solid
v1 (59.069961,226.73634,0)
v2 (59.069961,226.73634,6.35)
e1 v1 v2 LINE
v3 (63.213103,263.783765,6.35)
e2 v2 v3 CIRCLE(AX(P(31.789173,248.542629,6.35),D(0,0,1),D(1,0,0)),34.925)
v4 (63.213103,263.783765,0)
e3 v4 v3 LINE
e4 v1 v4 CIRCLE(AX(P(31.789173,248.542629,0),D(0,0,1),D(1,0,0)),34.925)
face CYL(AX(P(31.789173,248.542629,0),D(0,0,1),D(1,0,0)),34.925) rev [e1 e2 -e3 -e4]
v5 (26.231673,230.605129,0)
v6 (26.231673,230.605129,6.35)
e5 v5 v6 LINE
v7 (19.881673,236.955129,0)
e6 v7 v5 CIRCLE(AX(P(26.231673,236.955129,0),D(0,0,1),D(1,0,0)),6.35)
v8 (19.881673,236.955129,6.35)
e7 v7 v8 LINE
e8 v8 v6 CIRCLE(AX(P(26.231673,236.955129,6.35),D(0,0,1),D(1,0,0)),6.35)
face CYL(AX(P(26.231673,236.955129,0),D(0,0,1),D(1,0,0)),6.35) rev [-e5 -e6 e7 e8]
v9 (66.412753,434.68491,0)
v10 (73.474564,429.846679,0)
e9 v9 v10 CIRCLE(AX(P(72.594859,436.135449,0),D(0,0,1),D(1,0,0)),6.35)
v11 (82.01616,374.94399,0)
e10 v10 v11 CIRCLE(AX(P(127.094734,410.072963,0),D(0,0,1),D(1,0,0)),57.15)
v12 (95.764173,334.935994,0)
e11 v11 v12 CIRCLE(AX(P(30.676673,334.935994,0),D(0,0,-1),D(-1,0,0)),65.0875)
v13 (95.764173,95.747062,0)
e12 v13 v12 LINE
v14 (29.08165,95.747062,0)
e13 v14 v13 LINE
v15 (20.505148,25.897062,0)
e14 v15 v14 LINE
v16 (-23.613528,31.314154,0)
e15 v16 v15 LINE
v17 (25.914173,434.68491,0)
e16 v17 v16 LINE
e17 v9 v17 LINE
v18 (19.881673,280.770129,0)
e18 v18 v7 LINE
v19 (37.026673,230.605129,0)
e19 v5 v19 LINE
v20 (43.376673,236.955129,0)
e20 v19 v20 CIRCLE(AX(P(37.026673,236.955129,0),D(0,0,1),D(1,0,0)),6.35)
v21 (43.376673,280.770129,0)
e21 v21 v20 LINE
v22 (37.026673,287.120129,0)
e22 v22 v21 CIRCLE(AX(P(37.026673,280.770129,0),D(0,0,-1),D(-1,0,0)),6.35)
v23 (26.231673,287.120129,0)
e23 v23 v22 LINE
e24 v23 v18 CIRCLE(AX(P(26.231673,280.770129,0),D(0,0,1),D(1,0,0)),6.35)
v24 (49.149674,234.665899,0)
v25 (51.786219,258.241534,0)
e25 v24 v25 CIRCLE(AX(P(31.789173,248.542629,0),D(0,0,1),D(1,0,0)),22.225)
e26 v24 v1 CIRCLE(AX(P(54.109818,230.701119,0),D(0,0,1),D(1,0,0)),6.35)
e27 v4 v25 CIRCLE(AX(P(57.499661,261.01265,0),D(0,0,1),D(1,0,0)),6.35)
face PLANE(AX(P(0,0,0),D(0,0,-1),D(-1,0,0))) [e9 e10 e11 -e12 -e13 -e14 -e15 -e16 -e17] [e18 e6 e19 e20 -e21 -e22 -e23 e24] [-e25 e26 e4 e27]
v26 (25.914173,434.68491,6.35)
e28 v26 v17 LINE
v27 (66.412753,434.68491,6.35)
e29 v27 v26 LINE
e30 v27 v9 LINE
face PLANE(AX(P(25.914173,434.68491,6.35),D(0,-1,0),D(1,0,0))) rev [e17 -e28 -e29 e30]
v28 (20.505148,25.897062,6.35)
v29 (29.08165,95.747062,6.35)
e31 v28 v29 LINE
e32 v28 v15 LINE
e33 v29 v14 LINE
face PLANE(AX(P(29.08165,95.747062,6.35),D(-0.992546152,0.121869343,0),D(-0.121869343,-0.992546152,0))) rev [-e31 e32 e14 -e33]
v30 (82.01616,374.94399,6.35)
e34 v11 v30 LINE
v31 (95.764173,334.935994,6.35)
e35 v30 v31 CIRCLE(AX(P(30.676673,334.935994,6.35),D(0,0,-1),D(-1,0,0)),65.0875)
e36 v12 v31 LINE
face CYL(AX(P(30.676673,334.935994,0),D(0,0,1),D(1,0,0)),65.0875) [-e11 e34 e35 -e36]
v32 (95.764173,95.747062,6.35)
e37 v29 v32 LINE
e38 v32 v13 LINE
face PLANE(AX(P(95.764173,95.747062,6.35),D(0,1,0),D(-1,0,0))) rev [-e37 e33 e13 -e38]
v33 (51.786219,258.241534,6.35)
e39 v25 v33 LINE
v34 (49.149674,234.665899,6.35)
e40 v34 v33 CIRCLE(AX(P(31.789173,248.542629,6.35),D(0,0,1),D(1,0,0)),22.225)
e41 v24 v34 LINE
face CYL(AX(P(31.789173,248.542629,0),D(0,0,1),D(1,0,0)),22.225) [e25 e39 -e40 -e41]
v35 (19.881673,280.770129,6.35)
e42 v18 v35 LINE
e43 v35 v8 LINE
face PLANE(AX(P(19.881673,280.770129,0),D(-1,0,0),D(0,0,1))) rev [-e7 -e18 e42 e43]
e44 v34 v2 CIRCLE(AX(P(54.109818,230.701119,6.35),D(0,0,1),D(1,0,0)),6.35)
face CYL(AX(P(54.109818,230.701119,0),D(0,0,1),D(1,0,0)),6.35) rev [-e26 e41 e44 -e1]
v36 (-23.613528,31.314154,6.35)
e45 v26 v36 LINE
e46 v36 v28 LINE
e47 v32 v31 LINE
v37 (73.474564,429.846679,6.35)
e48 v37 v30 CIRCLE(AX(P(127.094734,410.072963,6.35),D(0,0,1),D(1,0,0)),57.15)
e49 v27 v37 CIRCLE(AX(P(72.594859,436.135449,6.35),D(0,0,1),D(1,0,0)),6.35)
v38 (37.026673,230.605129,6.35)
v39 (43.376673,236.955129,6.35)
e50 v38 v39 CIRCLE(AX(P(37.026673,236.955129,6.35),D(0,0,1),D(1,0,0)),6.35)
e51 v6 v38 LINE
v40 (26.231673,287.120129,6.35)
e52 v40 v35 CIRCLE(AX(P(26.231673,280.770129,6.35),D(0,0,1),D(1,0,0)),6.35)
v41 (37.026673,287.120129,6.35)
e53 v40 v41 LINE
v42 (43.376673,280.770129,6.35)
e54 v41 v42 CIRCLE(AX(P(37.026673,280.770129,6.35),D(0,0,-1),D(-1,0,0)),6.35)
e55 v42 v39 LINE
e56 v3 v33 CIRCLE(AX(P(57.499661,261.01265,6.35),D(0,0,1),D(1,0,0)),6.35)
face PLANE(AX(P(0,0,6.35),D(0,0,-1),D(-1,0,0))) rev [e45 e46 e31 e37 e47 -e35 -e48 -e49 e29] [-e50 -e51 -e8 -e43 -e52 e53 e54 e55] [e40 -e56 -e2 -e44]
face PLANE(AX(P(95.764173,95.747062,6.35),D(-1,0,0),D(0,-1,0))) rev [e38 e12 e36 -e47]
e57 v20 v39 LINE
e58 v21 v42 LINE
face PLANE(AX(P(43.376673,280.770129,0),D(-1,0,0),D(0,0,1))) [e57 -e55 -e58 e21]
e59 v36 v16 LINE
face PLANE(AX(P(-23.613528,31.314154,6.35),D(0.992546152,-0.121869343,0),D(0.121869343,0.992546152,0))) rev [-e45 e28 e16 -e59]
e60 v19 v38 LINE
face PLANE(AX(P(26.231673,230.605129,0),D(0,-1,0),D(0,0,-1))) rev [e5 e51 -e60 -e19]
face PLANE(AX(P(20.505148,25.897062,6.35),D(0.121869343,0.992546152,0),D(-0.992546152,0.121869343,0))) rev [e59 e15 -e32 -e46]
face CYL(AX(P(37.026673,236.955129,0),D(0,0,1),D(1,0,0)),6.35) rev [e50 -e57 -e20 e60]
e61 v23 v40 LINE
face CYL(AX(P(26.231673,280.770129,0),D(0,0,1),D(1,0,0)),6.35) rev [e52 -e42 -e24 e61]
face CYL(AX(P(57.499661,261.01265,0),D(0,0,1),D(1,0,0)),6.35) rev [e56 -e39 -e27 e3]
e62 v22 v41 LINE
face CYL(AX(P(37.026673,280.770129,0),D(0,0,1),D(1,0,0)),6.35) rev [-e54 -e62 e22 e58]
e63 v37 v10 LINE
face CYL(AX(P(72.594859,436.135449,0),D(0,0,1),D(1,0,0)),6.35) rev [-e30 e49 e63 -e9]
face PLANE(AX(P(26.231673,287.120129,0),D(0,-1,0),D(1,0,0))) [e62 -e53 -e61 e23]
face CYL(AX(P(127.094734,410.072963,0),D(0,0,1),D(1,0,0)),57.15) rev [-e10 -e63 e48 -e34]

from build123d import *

# Parameters (mm, degrees)
BOSS_EXTRUDE1_DEPTH = 6.35
SKETCH2_R           = 6.35
CUT_EXTRUDE1_DEPTH  = 6.35
CUT_EXTRUDE3_DEPTH  = 6.35
CUT_EXTRUDE4_DEPTH  = 6.35
CUT_EXTRUDE6_DEPTH  = 6.35


with BuildPart() as part:
    # Sketch1 → Boss-Extrude1 (new body)
    with BuildSketch(Plane.XY):
        Polygon((20.505148302, 25.897062134), (-23.613528139, 31.314154449), (25.914173021, 434.684910476), (95.764173021, 434.684910476), (95.764173021, 95.747062134), (29.081649881, 95.747062134), align=None)
    extrude(amount=BOSS_EXTRUDE1_DEPTH)

    # Sketch2 → Cut-Extrude1 (cut)
    with BuildSketch(Plane.XY.offset(6.35)):
        with Locations((72.594859494, 436.135448726)):
            Circle(SKETCH2_R)
    extrude(amount=-CUT_EXTRUDE1_DEPTH, mode=Mode.SUBTRACT)

    # Sketch3 → Cut-Extrude3 (cut)
    with BuildSketch(Plane.XY.offset(6.35)):
        with BuildLine():
            ThreePointArc((59.06996097, 226.736339707), (66.497801827, 244.661042374), (63.213102929, 263.783765471))
            ThreePointArc((63.213102929, 263.783765471), (54.728545327, 266.726091472), (51.786219326, 258.24153387))
            ThreePointArc((51.786219326, 258.24153387), (53.876482261, 246.072528262), (49.149674443, 234.665899293))
            ThreePointArc((49.149674443, 234.665899293), (50.145037914, 225.740976236), (59.06996097, 226.736339707))
        make_face()
    extrude(amount=-CUT_EXTRUDE3_DEPTH, mode=Mode.SUBTRACT)

    # Sketch4 → Cut-Extrude4 (cut)
    with BuildSketch(Plane.XY.offset(6.35)):
        with BuildLine():
            Line((74.295018445, 431.943320697), (82.016159891, 440.361424689))
            Line((82.016159891, 440.361424689), (105.989857785, 438.164600241))
            Line((105.989857785, 438.164600241), (95.764173021, 334.935994434))
            ThreePointArc((95.764173021, 334.935994434), (92.231289046, 356.088107858), (82.016159891, 374.943990437))
            ThreePointArc((82.016159891, 374.943990437), (70.461962448, 402.401475249), (74.295018445, 431.943320697))
        make_face()
    extrude(amount=-CUT_EXTRUDE4_DEPTH, mode=Mode.SUBTRACT)

    # Sketch5 → Cut-Extrude6 (cut)
    with BuildSketch(Plane.XY.offset(6.35)):
        with BuildLine():
            Line((26.231673021, 287.120128567), (37.026673021, 287.120128567))
            ThreePointArc((37.026673021, 287.120128567), (41.516801082, 285.260256628), (43.376673021, 280.770128567))
            Line((43.376673021, 280.770128567), (43.376673021, 236.955128567))
            ThreePointArc((43.376673021, 236.955128567), (41.516801082, 232.465000507), (37.026673021, 230.605128567))
            Line((37.026673021, 230.605128567), (26.231673021, 230.605128567))
            ThreePointArc((26.231673021, 230.605128567), (21.74154496, 232.465000507), (19.881673021, 236.955128567))
            Line((19.881673021, 236.955128567), (19.881673021, 280.770128567))
            ThreePointArc((19.881673021, 280.770128567), (21.74154496, 285.260256628), (26.231673021, 287.120128567))
        make_face()
    extrude(amount=-CUT_EXTRUDE6_DEPTH, mode=Mode.SUBTRACT)


solid = part.part
